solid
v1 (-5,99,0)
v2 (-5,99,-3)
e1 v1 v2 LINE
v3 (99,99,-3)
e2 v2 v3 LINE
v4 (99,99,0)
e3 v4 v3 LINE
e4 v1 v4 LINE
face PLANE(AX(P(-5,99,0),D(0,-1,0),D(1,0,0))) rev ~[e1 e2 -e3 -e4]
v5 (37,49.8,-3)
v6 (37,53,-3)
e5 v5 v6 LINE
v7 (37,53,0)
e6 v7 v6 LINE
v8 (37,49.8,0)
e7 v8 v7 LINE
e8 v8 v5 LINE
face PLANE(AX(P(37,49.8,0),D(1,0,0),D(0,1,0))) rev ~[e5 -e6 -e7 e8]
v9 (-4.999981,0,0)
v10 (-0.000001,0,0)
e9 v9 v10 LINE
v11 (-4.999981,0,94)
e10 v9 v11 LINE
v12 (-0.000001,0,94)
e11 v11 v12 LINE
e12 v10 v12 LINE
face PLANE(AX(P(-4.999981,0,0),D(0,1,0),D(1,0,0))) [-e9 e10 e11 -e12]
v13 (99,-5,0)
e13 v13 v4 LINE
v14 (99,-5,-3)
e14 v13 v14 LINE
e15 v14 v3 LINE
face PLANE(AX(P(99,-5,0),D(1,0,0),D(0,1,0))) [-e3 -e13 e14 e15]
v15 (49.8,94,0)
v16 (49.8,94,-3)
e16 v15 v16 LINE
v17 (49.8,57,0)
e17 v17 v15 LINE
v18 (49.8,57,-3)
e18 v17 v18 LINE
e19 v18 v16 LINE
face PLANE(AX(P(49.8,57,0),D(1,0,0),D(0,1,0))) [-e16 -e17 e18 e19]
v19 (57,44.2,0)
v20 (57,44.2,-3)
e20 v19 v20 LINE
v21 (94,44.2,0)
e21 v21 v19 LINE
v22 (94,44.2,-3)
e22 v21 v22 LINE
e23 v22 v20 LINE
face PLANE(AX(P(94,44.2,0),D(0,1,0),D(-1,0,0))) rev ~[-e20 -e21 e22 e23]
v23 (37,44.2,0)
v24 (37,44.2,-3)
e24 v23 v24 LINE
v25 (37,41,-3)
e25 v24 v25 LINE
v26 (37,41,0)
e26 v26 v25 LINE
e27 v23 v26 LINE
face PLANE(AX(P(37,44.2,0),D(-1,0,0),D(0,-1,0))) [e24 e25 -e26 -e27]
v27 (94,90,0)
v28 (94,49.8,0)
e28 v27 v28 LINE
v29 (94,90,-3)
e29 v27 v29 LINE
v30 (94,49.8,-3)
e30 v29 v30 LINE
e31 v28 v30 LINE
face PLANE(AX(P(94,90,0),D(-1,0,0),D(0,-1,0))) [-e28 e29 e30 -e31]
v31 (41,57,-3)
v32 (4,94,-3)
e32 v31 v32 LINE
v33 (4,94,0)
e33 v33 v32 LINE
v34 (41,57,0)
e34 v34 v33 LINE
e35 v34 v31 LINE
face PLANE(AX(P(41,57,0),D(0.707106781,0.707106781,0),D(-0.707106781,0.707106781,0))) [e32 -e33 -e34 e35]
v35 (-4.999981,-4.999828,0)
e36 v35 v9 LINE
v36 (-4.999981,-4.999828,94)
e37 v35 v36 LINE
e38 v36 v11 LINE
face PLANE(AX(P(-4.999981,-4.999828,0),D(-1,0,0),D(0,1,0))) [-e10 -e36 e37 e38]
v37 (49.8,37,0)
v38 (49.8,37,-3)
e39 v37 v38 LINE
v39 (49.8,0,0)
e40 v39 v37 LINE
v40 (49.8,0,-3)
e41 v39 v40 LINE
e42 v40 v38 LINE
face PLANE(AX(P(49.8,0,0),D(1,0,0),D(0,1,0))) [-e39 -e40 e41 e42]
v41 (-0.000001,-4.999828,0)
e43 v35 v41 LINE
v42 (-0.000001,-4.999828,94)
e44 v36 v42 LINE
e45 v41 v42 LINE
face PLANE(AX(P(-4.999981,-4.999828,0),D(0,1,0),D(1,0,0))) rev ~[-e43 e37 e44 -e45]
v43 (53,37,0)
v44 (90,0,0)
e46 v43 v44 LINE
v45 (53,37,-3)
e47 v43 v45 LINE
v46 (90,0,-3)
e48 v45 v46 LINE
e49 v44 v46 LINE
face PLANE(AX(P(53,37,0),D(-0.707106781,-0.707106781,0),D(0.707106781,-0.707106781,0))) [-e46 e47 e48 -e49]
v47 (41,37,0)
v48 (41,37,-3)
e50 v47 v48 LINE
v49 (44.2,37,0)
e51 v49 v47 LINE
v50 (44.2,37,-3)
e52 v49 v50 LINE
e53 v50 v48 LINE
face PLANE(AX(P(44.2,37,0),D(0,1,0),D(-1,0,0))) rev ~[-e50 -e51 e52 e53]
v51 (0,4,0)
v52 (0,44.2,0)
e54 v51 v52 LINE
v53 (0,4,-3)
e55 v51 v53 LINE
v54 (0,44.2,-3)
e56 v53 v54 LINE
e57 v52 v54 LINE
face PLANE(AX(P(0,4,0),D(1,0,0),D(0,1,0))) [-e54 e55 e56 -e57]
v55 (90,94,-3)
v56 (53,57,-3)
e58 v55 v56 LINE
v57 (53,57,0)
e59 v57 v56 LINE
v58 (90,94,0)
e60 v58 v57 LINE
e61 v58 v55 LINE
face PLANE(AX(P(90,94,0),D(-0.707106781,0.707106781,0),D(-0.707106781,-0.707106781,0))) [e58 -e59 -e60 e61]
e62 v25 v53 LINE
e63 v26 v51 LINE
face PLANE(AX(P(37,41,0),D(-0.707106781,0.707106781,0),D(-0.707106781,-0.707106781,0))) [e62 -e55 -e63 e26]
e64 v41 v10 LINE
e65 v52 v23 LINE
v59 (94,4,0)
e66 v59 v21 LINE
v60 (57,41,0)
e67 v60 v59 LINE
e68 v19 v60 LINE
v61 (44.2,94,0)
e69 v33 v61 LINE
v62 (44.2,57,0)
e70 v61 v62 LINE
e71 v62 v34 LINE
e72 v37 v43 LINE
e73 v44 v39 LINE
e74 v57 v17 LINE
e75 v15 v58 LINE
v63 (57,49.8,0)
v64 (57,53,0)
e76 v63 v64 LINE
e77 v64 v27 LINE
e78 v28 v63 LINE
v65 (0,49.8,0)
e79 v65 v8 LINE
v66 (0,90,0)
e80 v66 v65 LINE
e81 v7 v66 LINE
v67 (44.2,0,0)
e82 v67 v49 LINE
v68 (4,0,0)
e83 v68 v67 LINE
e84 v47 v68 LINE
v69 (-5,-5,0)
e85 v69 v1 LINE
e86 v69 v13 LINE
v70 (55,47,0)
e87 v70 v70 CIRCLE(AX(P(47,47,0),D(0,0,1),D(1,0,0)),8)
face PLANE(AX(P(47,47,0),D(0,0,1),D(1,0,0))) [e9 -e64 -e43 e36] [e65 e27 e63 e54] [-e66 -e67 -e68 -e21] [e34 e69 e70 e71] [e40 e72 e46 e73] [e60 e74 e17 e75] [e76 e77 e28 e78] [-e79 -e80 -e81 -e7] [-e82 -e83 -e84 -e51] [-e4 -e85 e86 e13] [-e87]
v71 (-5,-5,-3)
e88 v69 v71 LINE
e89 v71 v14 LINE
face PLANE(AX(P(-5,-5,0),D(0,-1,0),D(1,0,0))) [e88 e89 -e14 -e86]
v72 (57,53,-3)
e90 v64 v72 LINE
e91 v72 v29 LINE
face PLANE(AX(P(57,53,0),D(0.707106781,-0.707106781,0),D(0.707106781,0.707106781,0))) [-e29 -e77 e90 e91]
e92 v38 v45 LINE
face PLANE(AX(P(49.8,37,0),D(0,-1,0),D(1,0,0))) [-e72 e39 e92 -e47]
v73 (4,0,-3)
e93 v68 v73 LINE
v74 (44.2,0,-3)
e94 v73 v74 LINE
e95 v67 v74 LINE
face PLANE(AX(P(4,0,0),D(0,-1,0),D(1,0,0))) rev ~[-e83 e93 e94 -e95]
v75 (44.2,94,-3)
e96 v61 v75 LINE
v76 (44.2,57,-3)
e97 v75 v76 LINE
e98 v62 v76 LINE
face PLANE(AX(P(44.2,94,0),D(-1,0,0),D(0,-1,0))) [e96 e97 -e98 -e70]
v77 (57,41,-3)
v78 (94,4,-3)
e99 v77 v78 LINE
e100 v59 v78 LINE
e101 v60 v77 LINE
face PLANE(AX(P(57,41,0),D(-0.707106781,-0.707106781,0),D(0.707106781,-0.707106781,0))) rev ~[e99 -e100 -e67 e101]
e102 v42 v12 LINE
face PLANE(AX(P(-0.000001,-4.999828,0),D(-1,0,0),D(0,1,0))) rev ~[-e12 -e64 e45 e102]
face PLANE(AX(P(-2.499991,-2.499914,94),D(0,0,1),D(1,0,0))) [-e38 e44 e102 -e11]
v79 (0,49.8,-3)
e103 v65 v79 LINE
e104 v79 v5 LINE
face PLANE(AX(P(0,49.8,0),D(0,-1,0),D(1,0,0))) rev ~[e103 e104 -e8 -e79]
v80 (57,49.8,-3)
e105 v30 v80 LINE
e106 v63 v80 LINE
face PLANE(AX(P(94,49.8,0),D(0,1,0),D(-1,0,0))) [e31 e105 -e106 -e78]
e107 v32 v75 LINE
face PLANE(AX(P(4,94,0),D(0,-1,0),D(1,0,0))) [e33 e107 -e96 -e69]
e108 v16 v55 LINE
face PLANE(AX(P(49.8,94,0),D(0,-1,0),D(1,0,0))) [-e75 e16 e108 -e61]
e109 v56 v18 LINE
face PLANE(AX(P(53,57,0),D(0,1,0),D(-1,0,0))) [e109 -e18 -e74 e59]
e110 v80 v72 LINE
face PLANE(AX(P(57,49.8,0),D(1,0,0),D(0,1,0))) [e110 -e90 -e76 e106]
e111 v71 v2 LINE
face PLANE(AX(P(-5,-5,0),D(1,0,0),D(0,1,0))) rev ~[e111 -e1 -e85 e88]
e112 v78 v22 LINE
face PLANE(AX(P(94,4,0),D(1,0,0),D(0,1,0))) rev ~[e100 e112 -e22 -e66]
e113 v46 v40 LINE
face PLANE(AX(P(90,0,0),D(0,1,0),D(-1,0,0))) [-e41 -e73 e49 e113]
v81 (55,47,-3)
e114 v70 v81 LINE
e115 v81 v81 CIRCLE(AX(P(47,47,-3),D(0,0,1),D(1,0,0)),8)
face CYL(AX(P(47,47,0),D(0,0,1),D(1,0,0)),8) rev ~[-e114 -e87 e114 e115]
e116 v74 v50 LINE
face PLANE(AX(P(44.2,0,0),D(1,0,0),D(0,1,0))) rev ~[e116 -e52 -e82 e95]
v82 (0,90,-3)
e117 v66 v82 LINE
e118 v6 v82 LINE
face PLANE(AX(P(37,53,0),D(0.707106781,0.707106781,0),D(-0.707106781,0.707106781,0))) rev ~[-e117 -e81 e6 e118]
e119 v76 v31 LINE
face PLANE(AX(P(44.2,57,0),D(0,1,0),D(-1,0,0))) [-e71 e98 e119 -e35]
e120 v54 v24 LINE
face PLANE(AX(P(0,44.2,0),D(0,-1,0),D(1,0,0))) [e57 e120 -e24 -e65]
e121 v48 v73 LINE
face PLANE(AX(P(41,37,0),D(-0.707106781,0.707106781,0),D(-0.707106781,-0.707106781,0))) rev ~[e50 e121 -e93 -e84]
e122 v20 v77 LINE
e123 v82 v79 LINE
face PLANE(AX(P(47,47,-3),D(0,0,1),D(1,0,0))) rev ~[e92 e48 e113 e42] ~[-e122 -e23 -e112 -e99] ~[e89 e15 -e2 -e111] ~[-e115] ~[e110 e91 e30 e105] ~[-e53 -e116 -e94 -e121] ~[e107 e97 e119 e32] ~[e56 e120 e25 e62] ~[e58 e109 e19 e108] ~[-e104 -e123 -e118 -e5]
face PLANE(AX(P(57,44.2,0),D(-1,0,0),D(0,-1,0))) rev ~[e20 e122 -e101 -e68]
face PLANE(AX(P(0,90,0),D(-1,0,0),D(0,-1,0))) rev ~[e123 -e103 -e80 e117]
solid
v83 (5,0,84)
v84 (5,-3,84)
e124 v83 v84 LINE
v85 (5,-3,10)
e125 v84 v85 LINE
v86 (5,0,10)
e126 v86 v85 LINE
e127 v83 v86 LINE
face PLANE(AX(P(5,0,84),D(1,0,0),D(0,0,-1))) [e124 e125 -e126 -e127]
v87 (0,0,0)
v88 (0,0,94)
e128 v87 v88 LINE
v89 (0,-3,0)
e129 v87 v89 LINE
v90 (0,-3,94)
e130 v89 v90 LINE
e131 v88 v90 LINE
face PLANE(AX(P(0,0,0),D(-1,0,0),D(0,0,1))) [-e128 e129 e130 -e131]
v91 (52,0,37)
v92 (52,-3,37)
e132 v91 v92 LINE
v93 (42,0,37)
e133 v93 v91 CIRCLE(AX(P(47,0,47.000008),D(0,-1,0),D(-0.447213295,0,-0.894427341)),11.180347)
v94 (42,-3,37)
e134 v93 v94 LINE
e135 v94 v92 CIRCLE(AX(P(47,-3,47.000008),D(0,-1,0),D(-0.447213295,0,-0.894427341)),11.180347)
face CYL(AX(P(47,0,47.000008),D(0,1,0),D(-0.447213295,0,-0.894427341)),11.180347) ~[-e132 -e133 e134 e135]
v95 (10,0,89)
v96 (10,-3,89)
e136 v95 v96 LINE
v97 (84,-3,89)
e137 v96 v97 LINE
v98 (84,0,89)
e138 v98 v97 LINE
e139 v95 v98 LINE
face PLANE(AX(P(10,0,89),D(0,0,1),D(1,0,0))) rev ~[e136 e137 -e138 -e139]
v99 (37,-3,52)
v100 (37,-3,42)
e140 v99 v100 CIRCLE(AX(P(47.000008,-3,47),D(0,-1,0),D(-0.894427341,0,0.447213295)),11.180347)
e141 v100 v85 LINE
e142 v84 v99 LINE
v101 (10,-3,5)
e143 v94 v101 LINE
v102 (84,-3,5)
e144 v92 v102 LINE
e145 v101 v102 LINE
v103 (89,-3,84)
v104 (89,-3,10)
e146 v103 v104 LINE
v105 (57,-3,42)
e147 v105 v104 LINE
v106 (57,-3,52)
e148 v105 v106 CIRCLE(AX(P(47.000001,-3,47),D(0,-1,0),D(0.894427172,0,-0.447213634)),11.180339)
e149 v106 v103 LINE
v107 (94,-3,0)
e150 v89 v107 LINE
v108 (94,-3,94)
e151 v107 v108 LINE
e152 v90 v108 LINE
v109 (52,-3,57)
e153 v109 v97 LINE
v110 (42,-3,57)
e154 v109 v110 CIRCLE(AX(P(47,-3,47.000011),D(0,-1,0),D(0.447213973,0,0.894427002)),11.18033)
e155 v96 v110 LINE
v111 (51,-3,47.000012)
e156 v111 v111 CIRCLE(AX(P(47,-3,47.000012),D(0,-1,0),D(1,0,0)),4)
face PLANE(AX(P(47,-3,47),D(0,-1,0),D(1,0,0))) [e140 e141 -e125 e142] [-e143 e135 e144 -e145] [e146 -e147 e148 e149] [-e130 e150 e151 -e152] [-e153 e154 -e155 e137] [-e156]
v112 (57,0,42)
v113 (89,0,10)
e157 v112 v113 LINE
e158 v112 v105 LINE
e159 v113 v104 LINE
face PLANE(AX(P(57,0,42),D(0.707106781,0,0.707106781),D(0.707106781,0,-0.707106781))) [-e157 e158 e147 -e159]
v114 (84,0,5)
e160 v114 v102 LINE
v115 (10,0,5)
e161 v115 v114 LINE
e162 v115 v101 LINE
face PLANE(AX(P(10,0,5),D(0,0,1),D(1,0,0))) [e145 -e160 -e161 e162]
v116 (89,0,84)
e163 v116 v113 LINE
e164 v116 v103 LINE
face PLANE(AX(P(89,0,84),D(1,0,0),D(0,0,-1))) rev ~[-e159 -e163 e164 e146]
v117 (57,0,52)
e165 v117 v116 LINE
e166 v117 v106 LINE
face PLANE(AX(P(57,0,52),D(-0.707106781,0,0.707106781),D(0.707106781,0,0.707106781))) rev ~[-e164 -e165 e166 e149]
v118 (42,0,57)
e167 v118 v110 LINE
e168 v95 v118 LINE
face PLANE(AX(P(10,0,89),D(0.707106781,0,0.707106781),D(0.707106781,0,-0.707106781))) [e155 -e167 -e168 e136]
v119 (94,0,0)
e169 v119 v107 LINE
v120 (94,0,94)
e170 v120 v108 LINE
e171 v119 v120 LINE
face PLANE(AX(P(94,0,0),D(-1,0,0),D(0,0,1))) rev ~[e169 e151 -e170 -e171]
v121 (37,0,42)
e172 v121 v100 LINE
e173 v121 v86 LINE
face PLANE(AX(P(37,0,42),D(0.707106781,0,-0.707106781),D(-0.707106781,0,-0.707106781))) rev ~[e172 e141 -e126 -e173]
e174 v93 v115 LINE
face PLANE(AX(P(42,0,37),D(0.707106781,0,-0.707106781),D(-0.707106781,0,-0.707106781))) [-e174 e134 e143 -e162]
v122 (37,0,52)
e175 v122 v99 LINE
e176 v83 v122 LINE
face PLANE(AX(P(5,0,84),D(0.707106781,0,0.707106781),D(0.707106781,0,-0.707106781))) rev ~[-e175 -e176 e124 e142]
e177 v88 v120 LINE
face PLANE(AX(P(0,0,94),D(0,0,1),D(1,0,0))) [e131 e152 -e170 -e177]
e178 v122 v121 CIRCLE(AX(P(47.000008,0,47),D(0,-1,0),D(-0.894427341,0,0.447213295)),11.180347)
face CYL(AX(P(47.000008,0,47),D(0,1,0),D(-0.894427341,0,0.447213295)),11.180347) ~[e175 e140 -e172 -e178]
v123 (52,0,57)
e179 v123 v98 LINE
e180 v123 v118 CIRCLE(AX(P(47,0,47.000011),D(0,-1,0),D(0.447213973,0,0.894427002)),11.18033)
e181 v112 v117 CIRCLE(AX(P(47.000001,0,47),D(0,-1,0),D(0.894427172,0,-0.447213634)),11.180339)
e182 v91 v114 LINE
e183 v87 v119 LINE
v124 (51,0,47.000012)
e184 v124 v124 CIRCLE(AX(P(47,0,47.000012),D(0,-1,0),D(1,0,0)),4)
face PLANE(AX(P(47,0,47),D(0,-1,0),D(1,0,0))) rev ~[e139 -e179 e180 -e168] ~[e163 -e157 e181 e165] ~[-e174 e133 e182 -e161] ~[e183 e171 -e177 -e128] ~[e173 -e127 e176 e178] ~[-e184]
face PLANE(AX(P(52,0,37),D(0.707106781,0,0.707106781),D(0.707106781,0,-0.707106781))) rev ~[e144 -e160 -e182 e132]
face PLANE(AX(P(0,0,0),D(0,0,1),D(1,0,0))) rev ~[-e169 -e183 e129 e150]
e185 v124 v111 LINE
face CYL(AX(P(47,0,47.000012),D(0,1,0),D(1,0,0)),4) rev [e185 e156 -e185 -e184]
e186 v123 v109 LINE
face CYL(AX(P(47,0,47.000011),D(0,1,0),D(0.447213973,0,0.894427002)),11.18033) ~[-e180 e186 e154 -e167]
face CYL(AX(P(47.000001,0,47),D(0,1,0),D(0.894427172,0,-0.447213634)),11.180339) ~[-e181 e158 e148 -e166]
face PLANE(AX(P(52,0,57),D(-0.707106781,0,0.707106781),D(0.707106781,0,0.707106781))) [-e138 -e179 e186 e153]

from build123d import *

# Parameters (mm, degrees)
SKETCH001_W  = 94
SKETCH001_H  = 94
SKETCH001_R  = 4
PAD_DEPTH    = 3
SKETCH003_W  = 104
SKETCH003_H  = 104
SKETCH003_R  = 8
PAD001_DEPTH = 3
SKETCH005_W  = 4.999981
SKETCH005_H  = 4.999828
PAD002_DEPTH = 94


with BuildPart() as front_side_cover:
    # Sketch001 → Pad (new body)
    with BuildSketch(Plane.XZ):
        with Locations((47, 47)):
            Rectangle(SKETCH001_W, SKETCH001_H)
        with Locations((47, 47.000012)):
            Circle(SKETCH001_R, mode=Mode.SUBTRACT)
        with BuildLine():
            Line((10, 89), (42, 57))
            ThreePointArc((52, 57), (47, 58.180341), (42, 57))
            Line((52, 57), (84, 89))
            Line((10, 89), (84, 89))
        make_face(mode=Mode.SUBTRACT)
        with BuildLine():
            Line((5, 84), (37, 52))
            ThreePointArc((37, 52), (35.819661, 47), (37, 42))
            Line((37, 42), (5, 10))
            Line((5, 84), (5, 10))
        make_face(mode=Mode.SUBTRACT)
        with BuildLine():
            Line((57, 52), (89, 84))
            Line((89, 84), (89, 10))
            Line((57, 42), (89, 10))
            ThreePointArc((57, 42), (58.18034, 47), (57, 52))
        make_face(mode=Mode.SUBTRACT)
        with BuildLine():
            Line((42, 37), (10, 5))
            Line((10, 5), (84, 5))
            Line((52, 37), (84, 5))
            ThreePointArc((42, 37), (47, 35.819661), (52, 37))
        make_face(mode=Mode.SUBTRACT)
    extrude(amount=PAD_DEPTH)


with BuildPart() as bottom_chassis:
    # Sketch003 → Pad001 (new body)
    with BuildSketch(Plane.XY):
        with Locations((47, 47)):
            Rectangle(SKETCH003_W, SKETCH003_H)
        with Locations((47, 47)):
            Circle(SKETCH003_R, mode=Mode.SUBTRACT)
        Polygon((37, 53), (0, 90), (0, 49.8), (37, 49.8), align=None, mode=Mode.SUBTRACT)
        Polygon((41, 57), (4, 94), (44.2, 94), (44.2, 57), align=None, mode=Mode.SUBTRACT)
        Polygon((49.8, 57), (49.8, 94), (90, 94), (53, 57), align=None, mode=Mode.SUBTRACT)
        Polygon((37, 41), (0, 4), (0, 44.2), (37, 44.2), align=None, mode=Mode.SUBTRACT)
        Polygon((41, 37), (4, 0), (44.2, 0), (44.2, 37), align=None, mode=Mode.SUBTRACT)
        Polygon((57, 41), (94, 4), (94, 44.2), (57, 44.2), align=None, mode=Mode.SUBTRACT)
        Polygon((53, 37), (90, 0), (49.8, 0), (49.8, 37), align=None, mode=Mode.SUBTRACT)
        Polygon((57, 53), (94, 90), (94, 49.8), (57, 49.8), align=None, mode=Mode.SUBTRACT)
    extrude(amount=-PAD001_DEPTH)

    # Sketch005 → Pad002 (join)
    with BuildSketch(Plane.XY):
        with Locations((-2.499991, -2.499914)):
            Rectangle(SKETCH005_W, SKETCH005_H)
    extrude(amount=PAD002_DEPTH)


solid = Compound([front_side_cover.part, bottom_chassis.part])
